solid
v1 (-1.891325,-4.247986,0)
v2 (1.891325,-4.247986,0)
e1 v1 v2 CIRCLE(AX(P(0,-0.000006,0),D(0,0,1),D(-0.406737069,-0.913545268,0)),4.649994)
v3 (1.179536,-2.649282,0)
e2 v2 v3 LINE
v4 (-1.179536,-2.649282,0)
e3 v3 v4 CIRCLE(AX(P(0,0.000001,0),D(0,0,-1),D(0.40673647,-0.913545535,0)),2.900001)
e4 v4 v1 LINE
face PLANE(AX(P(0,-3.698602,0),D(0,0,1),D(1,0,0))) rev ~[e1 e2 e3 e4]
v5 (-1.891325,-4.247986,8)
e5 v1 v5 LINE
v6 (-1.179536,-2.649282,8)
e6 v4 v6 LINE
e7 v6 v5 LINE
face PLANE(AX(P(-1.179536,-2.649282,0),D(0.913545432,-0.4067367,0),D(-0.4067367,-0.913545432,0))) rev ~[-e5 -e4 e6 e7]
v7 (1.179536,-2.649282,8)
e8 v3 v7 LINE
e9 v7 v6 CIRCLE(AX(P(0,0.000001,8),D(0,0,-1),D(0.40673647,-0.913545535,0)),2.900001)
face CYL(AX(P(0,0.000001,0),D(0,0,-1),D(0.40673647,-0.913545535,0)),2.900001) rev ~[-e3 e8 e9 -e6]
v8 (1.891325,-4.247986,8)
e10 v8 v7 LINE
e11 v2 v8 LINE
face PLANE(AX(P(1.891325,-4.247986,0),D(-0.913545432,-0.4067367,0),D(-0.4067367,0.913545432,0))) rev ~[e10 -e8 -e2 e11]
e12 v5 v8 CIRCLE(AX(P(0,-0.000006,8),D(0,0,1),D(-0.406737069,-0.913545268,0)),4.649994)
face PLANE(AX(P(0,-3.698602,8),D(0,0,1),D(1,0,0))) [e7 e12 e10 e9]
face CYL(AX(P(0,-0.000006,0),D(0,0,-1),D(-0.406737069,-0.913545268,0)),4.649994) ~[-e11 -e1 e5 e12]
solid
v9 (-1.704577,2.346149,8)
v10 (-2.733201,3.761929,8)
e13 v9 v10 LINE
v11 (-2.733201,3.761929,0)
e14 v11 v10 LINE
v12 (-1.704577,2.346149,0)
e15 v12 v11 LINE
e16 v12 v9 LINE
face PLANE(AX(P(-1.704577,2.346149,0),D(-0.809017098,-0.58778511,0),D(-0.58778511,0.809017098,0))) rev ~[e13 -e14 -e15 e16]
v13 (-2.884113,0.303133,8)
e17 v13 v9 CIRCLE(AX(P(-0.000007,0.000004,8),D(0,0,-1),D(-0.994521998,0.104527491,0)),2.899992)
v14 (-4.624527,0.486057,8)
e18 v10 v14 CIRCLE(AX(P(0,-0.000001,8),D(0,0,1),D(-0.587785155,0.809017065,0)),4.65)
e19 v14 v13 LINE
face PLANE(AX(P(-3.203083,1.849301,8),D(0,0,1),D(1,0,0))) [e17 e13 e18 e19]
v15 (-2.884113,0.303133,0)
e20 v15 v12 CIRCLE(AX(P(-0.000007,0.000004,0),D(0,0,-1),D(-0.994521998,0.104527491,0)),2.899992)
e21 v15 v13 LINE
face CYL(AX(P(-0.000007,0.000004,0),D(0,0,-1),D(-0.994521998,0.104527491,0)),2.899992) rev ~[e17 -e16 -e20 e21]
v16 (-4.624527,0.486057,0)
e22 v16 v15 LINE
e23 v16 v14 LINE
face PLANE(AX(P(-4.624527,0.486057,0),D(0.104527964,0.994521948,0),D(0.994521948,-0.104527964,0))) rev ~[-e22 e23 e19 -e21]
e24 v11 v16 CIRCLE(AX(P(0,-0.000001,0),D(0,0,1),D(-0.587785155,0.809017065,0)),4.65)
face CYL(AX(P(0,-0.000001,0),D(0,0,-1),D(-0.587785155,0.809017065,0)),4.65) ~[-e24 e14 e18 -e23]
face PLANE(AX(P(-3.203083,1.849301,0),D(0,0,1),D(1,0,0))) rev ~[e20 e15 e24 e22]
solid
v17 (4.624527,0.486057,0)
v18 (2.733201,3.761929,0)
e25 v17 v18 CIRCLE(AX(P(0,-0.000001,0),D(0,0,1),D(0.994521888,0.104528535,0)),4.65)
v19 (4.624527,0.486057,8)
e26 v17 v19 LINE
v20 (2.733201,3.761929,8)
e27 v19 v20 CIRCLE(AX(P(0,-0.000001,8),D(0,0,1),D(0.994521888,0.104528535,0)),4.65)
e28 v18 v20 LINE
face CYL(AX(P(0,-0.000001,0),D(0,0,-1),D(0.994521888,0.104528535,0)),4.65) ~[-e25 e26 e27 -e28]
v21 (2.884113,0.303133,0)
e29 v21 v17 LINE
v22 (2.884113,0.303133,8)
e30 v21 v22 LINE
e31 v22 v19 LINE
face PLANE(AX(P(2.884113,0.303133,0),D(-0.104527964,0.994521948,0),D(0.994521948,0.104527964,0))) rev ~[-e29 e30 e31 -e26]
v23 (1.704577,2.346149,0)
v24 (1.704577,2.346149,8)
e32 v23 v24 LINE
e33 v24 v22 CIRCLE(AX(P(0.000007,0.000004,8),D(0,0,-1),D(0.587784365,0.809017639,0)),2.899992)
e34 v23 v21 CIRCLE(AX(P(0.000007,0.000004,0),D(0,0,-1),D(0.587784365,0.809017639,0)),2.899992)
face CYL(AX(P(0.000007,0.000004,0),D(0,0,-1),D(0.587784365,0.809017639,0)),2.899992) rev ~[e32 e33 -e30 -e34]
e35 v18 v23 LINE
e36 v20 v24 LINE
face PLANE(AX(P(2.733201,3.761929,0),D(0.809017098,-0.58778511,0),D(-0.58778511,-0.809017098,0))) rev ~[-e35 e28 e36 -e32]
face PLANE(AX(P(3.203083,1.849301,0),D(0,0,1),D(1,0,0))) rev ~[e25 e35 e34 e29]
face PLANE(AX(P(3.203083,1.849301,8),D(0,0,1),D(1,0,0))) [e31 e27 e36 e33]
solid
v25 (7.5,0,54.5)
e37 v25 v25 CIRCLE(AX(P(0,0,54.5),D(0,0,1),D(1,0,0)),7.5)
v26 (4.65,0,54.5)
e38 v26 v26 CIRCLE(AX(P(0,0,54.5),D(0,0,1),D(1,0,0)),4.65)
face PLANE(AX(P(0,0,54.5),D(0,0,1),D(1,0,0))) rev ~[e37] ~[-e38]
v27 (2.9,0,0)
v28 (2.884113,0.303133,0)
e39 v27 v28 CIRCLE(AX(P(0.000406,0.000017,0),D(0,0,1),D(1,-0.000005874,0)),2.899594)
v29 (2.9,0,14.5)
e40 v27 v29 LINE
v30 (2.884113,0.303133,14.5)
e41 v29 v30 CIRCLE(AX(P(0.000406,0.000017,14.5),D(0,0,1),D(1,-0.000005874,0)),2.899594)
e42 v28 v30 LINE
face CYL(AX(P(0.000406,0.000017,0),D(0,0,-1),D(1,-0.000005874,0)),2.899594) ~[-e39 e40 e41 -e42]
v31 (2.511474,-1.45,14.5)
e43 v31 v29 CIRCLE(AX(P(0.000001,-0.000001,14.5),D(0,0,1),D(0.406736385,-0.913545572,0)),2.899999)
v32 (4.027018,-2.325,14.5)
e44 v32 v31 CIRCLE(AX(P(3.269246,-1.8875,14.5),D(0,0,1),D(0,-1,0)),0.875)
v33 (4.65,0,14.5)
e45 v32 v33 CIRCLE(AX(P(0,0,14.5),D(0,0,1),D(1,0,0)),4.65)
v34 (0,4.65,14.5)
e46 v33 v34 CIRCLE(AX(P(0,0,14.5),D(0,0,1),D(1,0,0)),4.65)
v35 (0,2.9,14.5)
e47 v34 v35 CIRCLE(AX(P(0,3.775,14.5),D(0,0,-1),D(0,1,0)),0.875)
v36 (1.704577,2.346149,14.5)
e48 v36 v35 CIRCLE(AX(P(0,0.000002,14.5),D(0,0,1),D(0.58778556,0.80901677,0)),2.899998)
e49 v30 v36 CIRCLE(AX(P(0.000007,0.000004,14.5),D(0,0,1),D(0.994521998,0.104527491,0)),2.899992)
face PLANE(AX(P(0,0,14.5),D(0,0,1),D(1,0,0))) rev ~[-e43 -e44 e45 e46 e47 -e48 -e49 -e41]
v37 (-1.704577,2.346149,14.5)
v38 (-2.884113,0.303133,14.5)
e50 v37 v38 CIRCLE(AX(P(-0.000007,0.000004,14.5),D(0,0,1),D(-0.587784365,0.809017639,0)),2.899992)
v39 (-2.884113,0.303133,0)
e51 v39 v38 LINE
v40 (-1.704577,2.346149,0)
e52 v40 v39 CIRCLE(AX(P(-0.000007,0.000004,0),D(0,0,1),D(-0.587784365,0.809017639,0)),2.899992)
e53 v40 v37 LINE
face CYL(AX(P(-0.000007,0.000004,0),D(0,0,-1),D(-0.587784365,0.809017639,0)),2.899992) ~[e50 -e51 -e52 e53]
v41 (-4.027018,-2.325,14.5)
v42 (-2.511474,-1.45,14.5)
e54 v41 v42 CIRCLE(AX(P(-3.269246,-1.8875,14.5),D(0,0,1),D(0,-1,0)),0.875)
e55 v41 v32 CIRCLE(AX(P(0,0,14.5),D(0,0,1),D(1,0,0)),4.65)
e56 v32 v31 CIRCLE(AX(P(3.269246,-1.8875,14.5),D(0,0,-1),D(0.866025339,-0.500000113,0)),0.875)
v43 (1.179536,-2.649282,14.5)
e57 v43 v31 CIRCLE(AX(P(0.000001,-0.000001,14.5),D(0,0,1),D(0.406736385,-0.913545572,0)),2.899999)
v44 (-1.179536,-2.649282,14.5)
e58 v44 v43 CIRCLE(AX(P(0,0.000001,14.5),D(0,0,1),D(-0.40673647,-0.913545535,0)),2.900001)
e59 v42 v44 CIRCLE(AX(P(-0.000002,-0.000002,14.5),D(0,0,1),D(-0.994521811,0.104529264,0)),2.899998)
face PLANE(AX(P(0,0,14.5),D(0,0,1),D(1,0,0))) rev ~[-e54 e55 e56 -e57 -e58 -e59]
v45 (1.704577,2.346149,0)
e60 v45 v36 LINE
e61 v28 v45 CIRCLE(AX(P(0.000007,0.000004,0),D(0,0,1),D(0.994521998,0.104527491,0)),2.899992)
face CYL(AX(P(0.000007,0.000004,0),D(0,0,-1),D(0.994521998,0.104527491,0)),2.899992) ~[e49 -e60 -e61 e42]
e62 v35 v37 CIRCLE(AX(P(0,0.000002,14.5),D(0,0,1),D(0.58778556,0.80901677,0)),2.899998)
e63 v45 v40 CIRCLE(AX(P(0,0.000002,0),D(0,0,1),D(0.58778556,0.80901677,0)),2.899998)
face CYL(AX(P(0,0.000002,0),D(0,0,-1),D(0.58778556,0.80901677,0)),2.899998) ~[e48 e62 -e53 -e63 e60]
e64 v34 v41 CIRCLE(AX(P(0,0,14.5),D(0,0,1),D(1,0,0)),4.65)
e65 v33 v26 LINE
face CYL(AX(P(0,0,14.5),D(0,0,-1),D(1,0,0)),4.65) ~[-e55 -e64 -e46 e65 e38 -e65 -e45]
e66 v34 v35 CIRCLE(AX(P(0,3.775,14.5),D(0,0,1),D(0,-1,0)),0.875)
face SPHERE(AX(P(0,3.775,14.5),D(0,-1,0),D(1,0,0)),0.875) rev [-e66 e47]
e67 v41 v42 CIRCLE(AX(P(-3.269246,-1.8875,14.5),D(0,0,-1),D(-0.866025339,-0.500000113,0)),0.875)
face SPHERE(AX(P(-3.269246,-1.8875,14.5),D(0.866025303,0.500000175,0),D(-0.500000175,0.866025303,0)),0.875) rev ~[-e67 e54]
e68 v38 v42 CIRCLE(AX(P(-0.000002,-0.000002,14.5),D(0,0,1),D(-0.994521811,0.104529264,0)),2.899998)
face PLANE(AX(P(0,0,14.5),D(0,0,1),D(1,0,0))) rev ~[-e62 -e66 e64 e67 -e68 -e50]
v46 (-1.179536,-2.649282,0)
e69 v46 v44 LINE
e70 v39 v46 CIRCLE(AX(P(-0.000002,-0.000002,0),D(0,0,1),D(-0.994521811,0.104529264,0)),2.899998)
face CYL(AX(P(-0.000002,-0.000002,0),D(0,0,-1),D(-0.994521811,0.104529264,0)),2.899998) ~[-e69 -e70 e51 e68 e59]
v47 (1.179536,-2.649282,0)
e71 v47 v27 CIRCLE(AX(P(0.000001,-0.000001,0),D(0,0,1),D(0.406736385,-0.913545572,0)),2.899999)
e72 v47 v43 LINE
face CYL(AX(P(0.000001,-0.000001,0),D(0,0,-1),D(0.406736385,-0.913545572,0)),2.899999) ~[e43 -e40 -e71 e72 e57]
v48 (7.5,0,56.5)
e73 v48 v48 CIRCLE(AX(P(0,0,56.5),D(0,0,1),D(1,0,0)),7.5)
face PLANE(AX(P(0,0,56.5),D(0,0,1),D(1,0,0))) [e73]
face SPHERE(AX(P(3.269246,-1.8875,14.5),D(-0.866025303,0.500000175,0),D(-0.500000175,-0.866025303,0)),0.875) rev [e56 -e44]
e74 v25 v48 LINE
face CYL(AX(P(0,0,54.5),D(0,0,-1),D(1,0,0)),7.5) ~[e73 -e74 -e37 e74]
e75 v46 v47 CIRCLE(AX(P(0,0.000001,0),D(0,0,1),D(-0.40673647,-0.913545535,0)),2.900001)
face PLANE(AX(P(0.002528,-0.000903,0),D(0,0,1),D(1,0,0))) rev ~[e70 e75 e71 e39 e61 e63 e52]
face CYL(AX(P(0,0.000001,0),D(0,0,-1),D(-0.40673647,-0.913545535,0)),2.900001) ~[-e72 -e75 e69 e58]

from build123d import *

# Parameters (mm, degrees)
F1_DEPTH = 8
F2_DEPTH = 14.5
F3_R     = 4.65
F3_R_2   = 2.9
F4_DEPTH = 40
F5_R     = 7.5
F5_R_2   = 4.65
F6_DEPTH = 2


with BuildPart() as f1:
    # F0 (on Top) → F1 (new body)
    with BuildSketch(Plane.XY):
        with BuildLine():
            Line((-1.704577, 2.346149), (-2.733201, 3.761929))
            ThreePointArc((-2.733201, 3.761929), (-4.027018, 2.325), (-4.624527, 0.486057))
            Line((-4.624527, 0.486057), (-2.884113, 0.303133))
            ThreePointArc((-2.884113, 0.303133), (-2.511474, 1.45), (-1.704577, 2.346149))
        make_face()
        with BuildLine():
            Line((2.733201, 3.761929), (1.704577, 2.346149))
            ThreePointArc((1.704577, 2.346149), (2.511474, 1.45), (2.884113, 0.303133))
            Line((2.884113, 0.303133), (4.624527, 0.486057))
            ThreePointArc((4.624527, 0.486057), (4.027018, 2.325), (2.733201, 3.761929))
        make_face()
        with BuildLine():
            ThreePointArc((1.179536, -2.649282), (0, -2.9), (-1.179536, -2.649282))
            Line((-1.179536, -2.649282), (-1.891325, -4.247986))
            ThreePointArc((-1.891325, -4.247986), (0, -4.65), (1.891325, -4.247986))
            Line((1.891325, -4.247986), (1.179536, -2.649282))
        make_face()
    extrude(amount=F1_DEPTH)


with BuildPart() as f2:
    # F0 (on Top) → F2 (new body)
    with BuildSketch(Plane.XY):
        with BuildLine():
            ThreePointArc((1.704577, 2.346149), (0, 2.9), (-1.704577, 2.346149))
            ThreePointArc((-1.704577, 2.346149), (-2.511474, 1.45), (-2.884113, 0.303133))
            ThreePointArc((-2.884113, 0.303133), (-2.511474, -1.45), (-1.179536, -2.649282))
            ThreePointArc((-1.179536, -2.649282), (0, -2.9), (1.179536, -2.649282))
            ThreePointArc((1.179536, -2.649282), (2.432145, -1.579453), (2.9, 0))
            ThreePointArc((2.9, 0), (2.896026, 0.151774), (2.884113, 0.303133))
            ThreePointArc((2.884113, 0.303133), (2.511474, 1.45), (1.704577, 2.346149))
        make_face()
    extrude(amount=F2_DEPTH)

    # F3 (on face) → F4 (join)
    with BuildSketch(Plane.XY.offset(14.5)):
        Circle(F3_R)
        Circle(F3_R_2, mode=Mode.SUBTRACT)
        Circle(F3_R_2)
    extrude(amount=F4_DEPTH)

    # F5 (on face) → F6 (join)
    with BuildSketch(Plane.XY.offset(54.5)):
        Circle(F5_R)
        Circle(F5_R_2, mode=Mode.SUBTRACT)
        Circle(F5_R_2)
    extrude(amount=F6_DEPTH)

    # F7 (on face) → F8 (revolve, cut)
    with BuildSketch(Plane(origin=(0, 0, 14.5), x_dir=(1, 0, 0), z_dir=(0, 0, -1))):
        with BuildLine():
            Line((-2.511474, 1.45), (-4.027018, 2.325))
            ThreePointArc((-4.027018, 2.325), (-3.706746, 1.129728), (-2.511474, 1.45))
        make_face()
    revolve(axis=Axis((-3.269246, -1.8875, 14.5), (0.866025, 0.5, 0)), mode=Mode.SUBTRACT)

    # F7 (on face) → F9 (revolve, cut)
    with BuildSketch(Plane(origin=(0, 0, 14.5), x_dir=(1, 0, 0), z_dir=(0, 0, -1))):
        with BuildLine():
            Line((2.511474, 1.45), (4.027018, 2.325))
            ThreePointArc((4.027018, 2.325), (2.831746, 2.645272), (2.511474, 1.45))
        make_face()
    revolve(axis=Axis((3.269246, -1.8875, 14.5), (0.866025, -0.5, 0)), mode=Mode.SUBTRACT)

    # F7 (on face) → F10 (revolve, cut)
    with BuildSketch(Plane(origin=(0, 0, 14.5), x_dir=(1, 0, 0), z_dir=(0, 0, -1))):
        with BuildLine():
            Line((0, -2.9), (0, -4.65))
            ThreePointArc((0, -4.65), (0.875, -3.775), (0, -2.9))
        make_face()
    revolve(axis=Axis((0, 3.775, 14.5), (0, 1, 0)), mode=Mode.SUBTRACT)


solid = Compound([f1.part, f2.part])
